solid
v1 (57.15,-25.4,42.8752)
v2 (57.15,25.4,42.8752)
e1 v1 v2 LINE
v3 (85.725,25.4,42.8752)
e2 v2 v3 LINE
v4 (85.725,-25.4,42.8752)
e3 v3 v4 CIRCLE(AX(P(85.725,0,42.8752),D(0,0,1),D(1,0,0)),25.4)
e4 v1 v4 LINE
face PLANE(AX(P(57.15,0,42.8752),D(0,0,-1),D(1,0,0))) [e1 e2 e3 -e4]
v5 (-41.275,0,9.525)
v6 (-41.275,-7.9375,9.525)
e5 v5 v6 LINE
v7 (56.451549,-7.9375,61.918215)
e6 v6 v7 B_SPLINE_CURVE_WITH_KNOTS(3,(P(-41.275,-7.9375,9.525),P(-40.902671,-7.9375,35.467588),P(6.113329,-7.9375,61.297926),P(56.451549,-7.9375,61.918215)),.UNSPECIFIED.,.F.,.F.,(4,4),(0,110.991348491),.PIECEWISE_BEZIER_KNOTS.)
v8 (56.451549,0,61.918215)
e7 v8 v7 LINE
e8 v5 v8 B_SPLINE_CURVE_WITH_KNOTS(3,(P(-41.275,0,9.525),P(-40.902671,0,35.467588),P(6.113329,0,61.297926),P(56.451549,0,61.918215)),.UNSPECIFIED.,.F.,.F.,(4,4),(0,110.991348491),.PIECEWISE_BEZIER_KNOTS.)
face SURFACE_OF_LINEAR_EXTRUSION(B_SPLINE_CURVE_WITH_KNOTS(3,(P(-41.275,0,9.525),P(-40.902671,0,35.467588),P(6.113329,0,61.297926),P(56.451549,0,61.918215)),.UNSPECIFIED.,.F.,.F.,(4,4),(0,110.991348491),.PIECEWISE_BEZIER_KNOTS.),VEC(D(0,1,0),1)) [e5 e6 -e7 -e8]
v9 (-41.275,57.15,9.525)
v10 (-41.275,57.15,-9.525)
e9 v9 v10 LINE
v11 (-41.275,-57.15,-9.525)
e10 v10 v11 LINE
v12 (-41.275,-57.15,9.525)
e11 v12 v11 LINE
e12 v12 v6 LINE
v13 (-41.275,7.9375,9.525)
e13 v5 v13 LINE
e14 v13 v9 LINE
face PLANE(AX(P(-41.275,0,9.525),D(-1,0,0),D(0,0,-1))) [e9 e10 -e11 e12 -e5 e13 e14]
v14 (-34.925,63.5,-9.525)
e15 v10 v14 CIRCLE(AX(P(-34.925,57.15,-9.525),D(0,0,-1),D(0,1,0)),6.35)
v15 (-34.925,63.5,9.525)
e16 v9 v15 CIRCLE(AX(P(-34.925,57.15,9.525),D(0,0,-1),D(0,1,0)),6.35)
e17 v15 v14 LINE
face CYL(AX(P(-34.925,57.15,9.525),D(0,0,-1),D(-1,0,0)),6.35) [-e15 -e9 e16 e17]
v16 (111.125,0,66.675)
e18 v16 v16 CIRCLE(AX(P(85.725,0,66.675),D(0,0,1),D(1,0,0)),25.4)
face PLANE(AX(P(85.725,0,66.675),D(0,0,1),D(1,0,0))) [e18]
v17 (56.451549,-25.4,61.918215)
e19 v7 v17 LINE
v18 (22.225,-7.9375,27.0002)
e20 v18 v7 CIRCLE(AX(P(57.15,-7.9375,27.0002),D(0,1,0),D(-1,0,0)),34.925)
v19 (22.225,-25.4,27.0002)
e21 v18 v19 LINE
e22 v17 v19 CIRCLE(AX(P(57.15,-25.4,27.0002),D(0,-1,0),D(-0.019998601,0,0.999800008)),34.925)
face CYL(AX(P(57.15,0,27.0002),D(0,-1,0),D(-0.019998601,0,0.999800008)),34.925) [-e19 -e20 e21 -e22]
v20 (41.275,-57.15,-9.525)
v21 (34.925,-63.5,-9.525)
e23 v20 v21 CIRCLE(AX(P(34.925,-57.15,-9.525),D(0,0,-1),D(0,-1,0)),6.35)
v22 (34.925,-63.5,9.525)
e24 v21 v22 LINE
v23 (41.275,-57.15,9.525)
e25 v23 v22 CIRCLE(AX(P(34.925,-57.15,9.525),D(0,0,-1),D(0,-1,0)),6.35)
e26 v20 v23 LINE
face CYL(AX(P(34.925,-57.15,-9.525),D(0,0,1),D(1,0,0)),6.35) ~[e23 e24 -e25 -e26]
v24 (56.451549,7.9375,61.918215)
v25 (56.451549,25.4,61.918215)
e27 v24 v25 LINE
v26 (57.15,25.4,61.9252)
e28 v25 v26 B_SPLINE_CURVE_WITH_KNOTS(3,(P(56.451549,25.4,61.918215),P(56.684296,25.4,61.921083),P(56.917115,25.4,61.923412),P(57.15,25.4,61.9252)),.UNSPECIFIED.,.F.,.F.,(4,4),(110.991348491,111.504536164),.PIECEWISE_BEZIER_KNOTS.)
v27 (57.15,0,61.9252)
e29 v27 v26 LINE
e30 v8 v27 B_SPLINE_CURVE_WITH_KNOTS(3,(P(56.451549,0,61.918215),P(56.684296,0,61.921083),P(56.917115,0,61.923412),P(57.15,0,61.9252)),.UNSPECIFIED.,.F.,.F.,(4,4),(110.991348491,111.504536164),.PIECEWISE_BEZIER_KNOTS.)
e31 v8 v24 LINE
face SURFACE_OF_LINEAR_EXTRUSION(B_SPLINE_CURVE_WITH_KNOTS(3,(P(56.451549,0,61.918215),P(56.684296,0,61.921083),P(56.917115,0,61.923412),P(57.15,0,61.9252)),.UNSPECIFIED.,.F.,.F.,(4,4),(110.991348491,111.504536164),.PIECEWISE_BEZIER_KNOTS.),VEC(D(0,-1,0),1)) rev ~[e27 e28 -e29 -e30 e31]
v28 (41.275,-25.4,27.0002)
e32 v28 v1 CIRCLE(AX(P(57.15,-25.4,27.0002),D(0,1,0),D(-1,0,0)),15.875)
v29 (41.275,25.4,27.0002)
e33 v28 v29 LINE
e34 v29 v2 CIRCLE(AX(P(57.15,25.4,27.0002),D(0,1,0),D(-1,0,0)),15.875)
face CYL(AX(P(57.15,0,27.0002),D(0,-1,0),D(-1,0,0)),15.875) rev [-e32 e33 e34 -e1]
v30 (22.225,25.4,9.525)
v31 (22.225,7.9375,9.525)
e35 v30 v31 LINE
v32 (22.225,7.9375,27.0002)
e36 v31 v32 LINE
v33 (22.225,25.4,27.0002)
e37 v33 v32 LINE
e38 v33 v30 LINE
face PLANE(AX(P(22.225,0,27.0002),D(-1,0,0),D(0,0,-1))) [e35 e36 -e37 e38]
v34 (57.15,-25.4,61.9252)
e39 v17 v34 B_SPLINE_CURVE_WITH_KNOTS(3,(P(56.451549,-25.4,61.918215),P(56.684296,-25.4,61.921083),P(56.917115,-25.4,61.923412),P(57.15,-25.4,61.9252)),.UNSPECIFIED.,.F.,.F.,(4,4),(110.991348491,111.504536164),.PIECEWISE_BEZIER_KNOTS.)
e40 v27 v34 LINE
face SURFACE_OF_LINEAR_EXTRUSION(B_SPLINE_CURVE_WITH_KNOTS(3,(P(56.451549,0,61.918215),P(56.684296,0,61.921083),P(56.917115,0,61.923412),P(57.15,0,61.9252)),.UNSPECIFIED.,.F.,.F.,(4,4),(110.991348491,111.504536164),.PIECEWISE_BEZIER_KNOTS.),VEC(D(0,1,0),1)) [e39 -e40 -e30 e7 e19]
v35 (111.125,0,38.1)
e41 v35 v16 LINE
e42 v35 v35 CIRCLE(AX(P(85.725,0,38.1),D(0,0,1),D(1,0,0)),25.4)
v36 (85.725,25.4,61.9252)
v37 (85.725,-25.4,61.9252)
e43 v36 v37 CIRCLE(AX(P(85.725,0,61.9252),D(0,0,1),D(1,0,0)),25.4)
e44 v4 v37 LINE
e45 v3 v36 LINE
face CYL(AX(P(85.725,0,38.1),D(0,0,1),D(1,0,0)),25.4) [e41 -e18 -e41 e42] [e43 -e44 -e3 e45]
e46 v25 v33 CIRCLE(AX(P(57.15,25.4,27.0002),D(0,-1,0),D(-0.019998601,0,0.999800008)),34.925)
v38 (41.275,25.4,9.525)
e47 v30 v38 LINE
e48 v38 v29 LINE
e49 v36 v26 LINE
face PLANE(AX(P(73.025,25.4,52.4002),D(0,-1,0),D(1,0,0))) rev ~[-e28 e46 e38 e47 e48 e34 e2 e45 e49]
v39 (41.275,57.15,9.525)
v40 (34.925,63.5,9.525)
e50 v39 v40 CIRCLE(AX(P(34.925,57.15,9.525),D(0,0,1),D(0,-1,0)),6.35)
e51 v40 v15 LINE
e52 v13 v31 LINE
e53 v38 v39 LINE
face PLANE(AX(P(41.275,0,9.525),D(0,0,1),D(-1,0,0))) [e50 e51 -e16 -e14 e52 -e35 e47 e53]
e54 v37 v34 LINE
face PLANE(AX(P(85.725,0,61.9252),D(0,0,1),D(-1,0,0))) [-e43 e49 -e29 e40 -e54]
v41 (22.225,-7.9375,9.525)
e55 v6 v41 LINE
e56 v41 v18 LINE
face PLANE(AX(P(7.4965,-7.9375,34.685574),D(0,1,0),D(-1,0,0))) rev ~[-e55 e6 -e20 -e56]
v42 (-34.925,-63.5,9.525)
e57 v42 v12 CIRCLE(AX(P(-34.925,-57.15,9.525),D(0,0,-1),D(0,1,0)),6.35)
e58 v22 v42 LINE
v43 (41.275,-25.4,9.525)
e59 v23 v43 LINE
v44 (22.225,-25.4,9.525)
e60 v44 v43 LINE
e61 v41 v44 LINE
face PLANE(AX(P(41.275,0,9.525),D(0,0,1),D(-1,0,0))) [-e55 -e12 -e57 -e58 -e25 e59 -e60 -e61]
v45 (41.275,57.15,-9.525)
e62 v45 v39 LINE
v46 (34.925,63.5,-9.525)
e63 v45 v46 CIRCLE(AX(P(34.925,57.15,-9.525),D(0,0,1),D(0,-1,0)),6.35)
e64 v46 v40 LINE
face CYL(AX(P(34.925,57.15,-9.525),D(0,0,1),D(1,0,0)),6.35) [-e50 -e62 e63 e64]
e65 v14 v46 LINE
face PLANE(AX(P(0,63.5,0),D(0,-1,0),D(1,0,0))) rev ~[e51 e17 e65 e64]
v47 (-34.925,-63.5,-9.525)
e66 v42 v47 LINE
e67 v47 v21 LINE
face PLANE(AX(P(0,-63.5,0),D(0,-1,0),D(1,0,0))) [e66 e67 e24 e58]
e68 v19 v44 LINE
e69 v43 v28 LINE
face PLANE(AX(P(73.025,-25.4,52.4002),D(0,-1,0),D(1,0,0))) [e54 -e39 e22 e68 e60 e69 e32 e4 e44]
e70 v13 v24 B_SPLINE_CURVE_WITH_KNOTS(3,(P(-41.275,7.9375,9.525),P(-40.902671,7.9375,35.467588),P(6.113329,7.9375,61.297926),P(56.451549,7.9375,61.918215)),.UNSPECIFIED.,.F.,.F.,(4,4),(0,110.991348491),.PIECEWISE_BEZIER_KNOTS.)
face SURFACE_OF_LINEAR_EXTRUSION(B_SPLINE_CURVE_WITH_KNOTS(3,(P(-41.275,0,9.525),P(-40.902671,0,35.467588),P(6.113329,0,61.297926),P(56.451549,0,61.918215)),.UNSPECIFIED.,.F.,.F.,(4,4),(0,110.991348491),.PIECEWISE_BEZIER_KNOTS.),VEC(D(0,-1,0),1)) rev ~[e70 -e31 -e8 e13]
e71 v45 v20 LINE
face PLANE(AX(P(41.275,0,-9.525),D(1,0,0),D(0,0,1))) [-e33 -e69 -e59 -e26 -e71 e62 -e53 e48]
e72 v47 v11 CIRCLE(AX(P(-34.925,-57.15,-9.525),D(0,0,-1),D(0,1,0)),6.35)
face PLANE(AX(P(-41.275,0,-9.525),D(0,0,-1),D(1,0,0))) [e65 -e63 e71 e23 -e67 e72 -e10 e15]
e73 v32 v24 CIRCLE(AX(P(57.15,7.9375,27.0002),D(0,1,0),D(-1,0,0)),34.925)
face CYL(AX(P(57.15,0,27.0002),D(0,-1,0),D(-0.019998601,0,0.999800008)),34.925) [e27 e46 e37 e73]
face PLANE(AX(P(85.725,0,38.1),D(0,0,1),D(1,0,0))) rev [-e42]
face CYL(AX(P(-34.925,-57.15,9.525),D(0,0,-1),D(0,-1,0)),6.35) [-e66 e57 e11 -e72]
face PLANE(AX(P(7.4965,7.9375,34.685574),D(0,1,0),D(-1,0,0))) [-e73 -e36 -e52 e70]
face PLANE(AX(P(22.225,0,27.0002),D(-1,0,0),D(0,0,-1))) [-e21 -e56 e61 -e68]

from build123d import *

# Parameters (mm, degrees)
F1_DEPTH = 63.5
F0_W     = 25.4
F0_H     = 19.05
F2_DEPTH = 25.4
F3_DEPTH = 7.9375
F5_R     = 6.35


with BuildPart() as f1:
    # F0 (on Front) → F1 (new body, symmetric)
    with BuildSketch(Plane.XZ):
        Polygon((-41.275, 9.525), (-41.275, -9.525), (41.275, -9.525), (41.275, 9.525), (22.225, 9.525), align=None)
    extrude(amount=F1_DEPTH, both=True)

    # F0 (on Front) → F2 (join, symmetric)
    with BuildSketch(Plane.XZ):
        with Locations((73.025, 52.4002)):
            Rectangle(F0_W, F0_H)
        with BuildLine():
            Line((22.225, 9.525), (41.275, 9.525))
            Line((41.275, 9.525), (41.275, 27.0002))
            ThreePointArc((41.275, 27.0002), (45.9246798487, 38.2255201513), (57.15, 42.8752))
            Line((57.15, 42.8752), (60.325, 42.8752))
            Line((60.325, 42.8752), (60.325, 61.9252))
            Line((60.325, 61.9252), (57.15, 61.9252))
            add(Edge.make_bspline(
                [(56.4515488483, 61.9182152785), (56.6842963027, 61.9210832952), (56.9171147806, 61.9234123626), (57.15, 61.9252)],
                knots=[110.9913484912, 110.9913484912, 110.9913484912, 110.9913484912, 111.5045361635, 111.5045361635, 111.5045361635, 111.5045361635], degree=3))
            ThreePointArc((56.4515488483, 61.9182152785), (32.2085783136, 51.4477174458), (22.225, 27.0002))
            Line((22.225, 27.0002), (22.225, 9.525))
        make_face()
    extrude(amount=F2_DEPTH, both=True)

    # F0 (on Front) → F3 (join, symmetric)
    with BuildSketch(Plane.XZ):
        with BuildLine():
            add(Edge.make_bspline(
                [(-41.275, 9.525), (-40.9026709166, 35.4675879968), (6.1133291004, 61.2979255596), (56.4515488483, 61.9182152785)],
                knots=[0, 0, 0, 0, 110.9913484912, 110.9913484912, 110.9913484912, 110.9913484912], degree=3))
            Line((-41.275, 9.525), (22.225, 9.525))
            Line((22.225, 9.525), (22.225, 27.0002))
            ThreePointArc((22.225, 27.0002), (32.2085783136, 51.4477174458), (56.4515488483, 61.9182152785))
        make_face()
    extrude(amount=F3_DEPTH, both=True)

    # F0 (on Front) → F4 (revolve)
    with BuildSketch(Plane.XZ):
        Polygon((85.725, 66.675), (85.725, 61.9252), (85.725, 42.8752), (85.725, 38.1), (111.125, 38.1), (111.125, 66.675), align=None)
    revolve(axis=Axis((85.725, 0, 52.3875), (0, 0, 1)))

    # F5
    f5_edges = [f1.edges().sort_by_distance(p)[0] for p in [
        (41.275, -63.5, 0),
        (-41.275, -63.5, 0),
        (41.275, 63.5, 0),
        (-41.275, 63.5, 0),
    ]]
    fillet(f5_edges, radius=F5_R)


solid = f1.part
